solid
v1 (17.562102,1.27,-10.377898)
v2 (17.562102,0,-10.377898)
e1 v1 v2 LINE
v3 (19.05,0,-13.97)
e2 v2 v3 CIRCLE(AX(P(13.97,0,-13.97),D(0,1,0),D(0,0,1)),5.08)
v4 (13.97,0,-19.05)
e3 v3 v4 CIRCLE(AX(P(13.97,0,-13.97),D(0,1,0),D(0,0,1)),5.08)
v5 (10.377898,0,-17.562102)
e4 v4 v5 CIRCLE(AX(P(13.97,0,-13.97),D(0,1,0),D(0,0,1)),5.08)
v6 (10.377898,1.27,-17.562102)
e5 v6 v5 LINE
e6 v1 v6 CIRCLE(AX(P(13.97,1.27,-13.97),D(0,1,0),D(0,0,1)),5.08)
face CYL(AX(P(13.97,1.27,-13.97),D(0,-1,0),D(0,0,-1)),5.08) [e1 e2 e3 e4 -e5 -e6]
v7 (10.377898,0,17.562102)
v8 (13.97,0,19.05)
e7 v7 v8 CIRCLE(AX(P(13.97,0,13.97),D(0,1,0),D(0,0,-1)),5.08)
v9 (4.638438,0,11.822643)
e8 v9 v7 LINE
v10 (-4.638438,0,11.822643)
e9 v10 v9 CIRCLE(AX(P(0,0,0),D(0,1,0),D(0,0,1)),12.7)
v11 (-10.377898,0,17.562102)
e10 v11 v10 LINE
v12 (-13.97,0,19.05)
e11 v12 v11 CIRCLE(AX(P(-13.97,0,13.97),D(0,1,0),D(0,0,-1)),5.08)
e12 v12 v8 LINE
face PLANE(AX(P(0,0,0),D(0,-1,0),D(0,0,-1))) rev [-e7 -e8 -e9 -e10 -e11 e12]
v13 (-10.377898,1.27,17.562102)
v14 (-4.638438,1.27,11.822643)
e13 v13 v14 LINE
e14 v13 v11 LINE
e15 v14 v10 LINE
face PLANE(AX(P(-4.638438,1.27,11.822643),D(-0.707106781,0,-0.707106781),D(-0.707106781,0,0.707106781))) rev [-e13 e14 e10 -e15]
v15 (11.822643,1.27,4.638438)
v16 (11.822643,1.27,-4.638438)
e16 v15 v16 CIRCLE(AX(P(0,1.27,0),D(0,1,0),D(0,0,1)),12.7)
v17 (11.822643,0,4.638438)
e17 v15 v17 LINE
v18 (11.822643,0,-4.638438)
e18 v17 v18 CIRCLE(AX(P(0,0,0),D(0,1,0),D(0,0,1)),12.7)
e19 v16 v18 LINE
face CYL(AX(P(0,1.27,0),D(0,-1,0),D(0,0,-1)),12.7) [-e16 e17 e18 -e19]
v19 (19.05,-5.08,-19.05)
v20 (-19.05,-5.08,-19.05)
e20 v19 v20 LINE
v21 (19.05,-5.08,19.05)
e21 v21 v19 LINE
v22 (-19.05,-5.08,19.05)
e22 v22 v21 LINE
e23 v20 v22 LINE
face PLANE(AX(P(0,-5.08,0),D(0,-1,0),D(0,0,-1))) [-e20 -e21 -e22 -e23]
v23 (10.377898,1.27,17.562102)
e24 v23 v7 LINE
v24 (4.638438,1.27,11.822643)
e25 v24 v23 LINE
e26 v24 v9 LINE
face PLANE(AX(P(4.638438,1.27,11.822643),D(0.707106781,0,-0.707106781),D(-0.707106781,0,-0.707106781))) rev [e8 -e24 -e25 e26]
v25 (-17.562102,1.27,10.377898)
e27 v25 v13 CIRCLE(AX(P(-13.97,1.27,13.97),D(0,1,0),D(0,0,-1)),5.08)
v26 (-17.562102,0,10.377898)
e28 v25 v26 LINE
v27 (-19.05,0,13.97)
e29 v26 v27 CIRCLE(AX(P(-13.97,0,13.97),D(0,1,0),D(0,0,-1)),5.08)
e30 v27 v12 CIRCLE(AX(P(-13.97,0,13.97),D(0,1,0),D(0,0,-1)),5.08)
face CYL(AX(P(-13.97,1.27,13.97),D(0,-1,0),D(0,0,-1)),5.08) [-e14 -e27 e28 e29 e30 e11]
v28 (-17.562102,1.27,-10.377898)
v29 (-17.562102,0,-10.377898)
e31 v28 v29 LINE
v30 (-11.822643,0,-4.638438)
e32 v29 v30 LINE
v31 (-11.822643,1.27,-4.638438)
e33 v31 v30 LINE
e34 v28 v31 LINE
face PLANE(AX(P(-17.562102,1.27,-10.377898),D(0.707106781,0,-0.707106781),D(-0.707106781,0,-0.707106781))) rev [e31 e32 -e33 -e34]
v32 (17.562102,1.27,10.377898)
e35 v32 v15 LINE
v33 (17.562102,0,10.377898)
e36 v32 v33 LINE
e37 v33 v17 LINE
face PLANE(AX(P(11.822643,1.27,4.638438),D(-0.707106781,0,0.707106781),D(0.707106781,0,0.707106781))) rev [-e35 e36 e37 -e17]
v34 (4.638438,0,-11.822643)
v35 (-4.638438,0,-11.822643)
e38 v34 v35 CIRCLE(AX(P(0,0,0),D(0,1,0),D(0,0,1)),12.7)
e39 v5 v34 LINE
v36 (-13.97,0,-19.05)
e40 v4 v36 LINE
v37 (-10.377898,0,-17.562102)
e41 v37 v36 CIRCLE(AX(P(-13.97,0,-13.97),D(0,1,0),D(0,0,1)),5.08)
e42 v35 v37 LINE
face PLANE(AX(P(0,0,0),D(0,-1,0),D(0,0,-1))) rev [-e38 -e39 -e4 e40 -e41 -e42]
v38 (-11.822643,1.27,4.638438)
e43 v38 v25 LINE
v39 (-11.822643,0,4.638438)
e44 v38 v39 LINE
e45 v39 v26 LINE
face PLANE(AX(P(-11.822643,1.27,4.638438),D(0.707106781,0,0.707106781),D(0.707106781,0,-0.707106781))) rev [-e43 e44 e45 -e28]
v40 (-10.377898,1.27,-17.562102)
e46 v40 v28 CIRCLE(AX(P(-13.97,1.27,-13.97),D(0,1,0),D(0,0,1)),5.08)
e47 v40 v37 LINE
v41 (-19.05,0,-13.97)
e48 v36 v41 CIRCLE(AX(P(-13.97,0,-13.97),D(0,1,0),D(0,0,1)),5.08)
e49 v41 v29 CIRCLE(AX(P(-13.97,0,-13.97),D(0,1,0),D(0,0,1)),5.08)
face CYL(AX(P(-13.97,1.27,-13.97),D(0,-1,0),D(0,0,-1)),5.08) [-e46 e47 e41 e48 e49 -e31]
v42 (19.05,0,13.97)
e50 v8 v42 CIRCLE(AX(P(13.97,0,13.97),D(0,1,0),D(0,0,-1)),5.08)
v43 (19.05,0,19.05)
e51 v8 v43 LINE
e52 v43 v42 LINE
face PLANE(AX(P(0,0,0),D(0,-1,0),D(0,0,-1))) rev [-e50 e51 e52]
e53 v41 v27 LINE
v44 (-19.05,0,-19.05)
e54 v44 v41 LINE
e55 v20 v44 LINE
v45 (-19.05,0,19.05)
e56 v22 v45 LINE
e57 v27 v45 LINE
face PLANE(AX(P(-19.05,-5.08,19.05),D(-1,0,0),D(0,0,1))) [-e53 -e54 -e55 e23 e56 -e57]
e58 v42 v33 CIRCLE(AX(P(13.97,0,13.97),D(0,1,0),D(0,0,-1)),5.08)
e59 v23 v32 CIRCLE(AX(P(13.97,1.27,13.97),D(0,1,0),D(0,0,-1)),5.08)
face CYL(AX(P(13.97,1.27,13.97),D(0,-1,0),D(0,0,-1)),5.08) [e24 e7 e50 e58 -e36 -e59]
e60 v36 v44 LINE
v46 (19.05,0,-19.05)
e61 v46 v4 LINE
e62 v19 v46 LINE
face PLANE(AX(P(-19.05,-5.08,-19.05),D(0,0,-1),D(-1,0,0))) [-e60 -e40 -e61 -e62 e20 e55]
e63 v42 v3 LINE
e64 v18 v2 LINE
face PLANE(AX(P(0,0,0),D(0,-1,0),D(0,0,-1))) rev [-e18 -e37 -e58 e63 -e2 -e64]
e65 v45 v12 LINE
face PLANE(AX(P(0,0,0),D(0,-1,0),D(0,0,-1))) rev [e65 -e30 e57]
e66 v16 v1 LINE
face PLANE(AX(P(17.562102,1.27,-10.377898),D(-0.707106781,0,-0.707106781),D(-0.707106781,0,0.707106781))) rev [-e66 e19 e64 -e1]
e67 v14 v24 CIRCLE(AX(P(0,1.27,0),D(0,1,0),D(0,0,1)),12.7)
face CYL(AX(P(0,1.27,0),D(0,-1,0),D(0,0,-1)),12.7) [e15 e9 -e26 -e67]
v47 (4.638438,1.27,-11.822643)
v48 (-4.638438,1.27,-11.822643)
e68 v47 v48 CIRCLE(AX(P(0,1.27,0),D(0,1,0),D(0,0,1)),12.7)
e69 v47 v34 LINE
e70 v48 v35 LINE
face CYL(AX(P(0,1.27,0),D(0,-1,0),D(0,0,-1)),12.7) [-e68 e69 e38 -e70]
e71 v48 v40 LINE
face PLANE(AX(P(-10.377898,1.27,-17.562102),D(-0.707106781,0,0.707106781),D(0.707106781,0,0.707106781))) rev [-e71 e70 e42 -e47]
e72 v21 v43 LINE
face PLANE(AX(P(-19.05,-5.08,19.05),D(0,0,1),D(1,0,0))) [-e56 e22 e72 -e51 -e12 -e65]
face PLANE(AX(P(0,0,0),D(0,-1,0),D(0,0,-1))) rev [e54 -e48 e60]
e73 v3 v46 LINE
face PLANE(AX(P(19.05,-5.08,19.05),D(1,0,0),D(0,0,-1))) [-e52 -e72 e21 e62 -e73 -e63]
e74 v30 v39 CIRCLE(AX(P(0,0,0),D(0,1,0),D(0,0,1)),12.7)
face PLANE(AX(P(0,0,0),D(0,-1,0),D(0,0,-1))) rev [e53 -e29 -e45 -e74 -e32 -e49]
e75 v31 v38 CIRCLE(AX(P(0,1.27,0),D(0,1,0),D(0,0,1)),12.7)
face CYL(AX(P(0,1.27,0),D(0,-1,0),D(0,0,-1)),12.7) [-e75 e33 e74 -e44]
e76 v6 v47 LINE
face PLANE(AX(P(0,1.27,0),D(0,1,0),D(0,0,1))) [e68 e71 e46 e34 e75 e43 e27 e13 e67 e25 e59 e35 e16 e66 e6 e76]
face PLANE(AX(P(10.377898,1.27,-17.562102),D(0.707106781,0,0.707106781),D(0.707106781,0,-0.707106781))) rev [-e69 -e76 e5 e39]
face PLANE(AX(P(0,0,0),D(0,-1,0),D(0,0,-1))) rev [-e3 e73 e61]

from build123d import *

# Parameters (mm, degrees)
SKETCH3_W           = 38.1
SKETCH3_H           = 38.1
BOSS_EXTRUDE2_DEPTH = 5.08
BOSS_EXTRUDE3_DEPTH = 1.27


with BuildPart() as part:
    # Sketch3 → Boss-Extrude2 (new body)
    with BuildSketch(Plane(origin=(0, 0, 0), x_dir=(1, 0, 0), z_dir=(0, 1, 0))):
        Rectangle(SKETCH3_W, SKETCH3_H)
    extrude(amount=-BOSS_EXTRUDE2_DEPTH)

    # Sketch2 → Boss-Extrude3 (add)
    with BuildSketch(Plane(origin=(0, 0, 0), x_dir=(1, 0, 0), z_dir=(0, 1, 0))):
        with BuildLine():
            Line((-17.562102448, 10.377897552), (-11.822643135, 4.638438239))
            ThreePointArc((-11.822643135, 4.638438239), (-12.7, 0), (-11.822643135, -4.638438239))
            Line((-11.822643135, -4.638438239), (-17.562102448, -10.377897552))
            ThreePointArc((-17.562102448, -10.377897552), (-17.562102448, -17.562102448), (-10.377897552, -17.562102448))
            Line((-10.377897552, -17.562102448), (-4.638438239, -11.822643135))
            ThreePointArc((-4.638438239, -11.822643135), (0, -12.7), (4.638438239, -11.822643135))
            Line((4.638438239, -11.822643135), (10.377897552, -17.562102448))
            ThreePointArc((10.377897552, -17.562102448), (17.562102448, -17.562102448), (17.562102448, -10.377897552))
            Line((17.562102448, -10.377897552), (11.822643135, -4.638438239))
            ThreePointArc((11.822643135, -4.638438239), (12.7, 0), (11.822643135, 4.638438239))
            Line((11.822643135, 4.638438239), (17.562102448, 10.377897552))
            ThreePointArc((17.562102448, 10.377897552), (17.562102448, 17.562102448), (10.377897552, 17.562102448))
            Line((10.377897552, 17.562102448), (4.638438239, 11.822643135))
            ThreePointArc((4.638438239, 11.822643135), (0, 12.7), (-4.638438239, 11.822643135))
            Line((-4.638438239, 11.822643135), (-10.377897552, 17.562102448))
            ThreePointArc((-10.377897552, 17.562102448), (-17.562102448, 17.562102448), (-17.562102448, 10.377897552))
        make_face()
    extrude(amount=BOSS_EXTRUDE3_DEPTH)


solid = part.part
